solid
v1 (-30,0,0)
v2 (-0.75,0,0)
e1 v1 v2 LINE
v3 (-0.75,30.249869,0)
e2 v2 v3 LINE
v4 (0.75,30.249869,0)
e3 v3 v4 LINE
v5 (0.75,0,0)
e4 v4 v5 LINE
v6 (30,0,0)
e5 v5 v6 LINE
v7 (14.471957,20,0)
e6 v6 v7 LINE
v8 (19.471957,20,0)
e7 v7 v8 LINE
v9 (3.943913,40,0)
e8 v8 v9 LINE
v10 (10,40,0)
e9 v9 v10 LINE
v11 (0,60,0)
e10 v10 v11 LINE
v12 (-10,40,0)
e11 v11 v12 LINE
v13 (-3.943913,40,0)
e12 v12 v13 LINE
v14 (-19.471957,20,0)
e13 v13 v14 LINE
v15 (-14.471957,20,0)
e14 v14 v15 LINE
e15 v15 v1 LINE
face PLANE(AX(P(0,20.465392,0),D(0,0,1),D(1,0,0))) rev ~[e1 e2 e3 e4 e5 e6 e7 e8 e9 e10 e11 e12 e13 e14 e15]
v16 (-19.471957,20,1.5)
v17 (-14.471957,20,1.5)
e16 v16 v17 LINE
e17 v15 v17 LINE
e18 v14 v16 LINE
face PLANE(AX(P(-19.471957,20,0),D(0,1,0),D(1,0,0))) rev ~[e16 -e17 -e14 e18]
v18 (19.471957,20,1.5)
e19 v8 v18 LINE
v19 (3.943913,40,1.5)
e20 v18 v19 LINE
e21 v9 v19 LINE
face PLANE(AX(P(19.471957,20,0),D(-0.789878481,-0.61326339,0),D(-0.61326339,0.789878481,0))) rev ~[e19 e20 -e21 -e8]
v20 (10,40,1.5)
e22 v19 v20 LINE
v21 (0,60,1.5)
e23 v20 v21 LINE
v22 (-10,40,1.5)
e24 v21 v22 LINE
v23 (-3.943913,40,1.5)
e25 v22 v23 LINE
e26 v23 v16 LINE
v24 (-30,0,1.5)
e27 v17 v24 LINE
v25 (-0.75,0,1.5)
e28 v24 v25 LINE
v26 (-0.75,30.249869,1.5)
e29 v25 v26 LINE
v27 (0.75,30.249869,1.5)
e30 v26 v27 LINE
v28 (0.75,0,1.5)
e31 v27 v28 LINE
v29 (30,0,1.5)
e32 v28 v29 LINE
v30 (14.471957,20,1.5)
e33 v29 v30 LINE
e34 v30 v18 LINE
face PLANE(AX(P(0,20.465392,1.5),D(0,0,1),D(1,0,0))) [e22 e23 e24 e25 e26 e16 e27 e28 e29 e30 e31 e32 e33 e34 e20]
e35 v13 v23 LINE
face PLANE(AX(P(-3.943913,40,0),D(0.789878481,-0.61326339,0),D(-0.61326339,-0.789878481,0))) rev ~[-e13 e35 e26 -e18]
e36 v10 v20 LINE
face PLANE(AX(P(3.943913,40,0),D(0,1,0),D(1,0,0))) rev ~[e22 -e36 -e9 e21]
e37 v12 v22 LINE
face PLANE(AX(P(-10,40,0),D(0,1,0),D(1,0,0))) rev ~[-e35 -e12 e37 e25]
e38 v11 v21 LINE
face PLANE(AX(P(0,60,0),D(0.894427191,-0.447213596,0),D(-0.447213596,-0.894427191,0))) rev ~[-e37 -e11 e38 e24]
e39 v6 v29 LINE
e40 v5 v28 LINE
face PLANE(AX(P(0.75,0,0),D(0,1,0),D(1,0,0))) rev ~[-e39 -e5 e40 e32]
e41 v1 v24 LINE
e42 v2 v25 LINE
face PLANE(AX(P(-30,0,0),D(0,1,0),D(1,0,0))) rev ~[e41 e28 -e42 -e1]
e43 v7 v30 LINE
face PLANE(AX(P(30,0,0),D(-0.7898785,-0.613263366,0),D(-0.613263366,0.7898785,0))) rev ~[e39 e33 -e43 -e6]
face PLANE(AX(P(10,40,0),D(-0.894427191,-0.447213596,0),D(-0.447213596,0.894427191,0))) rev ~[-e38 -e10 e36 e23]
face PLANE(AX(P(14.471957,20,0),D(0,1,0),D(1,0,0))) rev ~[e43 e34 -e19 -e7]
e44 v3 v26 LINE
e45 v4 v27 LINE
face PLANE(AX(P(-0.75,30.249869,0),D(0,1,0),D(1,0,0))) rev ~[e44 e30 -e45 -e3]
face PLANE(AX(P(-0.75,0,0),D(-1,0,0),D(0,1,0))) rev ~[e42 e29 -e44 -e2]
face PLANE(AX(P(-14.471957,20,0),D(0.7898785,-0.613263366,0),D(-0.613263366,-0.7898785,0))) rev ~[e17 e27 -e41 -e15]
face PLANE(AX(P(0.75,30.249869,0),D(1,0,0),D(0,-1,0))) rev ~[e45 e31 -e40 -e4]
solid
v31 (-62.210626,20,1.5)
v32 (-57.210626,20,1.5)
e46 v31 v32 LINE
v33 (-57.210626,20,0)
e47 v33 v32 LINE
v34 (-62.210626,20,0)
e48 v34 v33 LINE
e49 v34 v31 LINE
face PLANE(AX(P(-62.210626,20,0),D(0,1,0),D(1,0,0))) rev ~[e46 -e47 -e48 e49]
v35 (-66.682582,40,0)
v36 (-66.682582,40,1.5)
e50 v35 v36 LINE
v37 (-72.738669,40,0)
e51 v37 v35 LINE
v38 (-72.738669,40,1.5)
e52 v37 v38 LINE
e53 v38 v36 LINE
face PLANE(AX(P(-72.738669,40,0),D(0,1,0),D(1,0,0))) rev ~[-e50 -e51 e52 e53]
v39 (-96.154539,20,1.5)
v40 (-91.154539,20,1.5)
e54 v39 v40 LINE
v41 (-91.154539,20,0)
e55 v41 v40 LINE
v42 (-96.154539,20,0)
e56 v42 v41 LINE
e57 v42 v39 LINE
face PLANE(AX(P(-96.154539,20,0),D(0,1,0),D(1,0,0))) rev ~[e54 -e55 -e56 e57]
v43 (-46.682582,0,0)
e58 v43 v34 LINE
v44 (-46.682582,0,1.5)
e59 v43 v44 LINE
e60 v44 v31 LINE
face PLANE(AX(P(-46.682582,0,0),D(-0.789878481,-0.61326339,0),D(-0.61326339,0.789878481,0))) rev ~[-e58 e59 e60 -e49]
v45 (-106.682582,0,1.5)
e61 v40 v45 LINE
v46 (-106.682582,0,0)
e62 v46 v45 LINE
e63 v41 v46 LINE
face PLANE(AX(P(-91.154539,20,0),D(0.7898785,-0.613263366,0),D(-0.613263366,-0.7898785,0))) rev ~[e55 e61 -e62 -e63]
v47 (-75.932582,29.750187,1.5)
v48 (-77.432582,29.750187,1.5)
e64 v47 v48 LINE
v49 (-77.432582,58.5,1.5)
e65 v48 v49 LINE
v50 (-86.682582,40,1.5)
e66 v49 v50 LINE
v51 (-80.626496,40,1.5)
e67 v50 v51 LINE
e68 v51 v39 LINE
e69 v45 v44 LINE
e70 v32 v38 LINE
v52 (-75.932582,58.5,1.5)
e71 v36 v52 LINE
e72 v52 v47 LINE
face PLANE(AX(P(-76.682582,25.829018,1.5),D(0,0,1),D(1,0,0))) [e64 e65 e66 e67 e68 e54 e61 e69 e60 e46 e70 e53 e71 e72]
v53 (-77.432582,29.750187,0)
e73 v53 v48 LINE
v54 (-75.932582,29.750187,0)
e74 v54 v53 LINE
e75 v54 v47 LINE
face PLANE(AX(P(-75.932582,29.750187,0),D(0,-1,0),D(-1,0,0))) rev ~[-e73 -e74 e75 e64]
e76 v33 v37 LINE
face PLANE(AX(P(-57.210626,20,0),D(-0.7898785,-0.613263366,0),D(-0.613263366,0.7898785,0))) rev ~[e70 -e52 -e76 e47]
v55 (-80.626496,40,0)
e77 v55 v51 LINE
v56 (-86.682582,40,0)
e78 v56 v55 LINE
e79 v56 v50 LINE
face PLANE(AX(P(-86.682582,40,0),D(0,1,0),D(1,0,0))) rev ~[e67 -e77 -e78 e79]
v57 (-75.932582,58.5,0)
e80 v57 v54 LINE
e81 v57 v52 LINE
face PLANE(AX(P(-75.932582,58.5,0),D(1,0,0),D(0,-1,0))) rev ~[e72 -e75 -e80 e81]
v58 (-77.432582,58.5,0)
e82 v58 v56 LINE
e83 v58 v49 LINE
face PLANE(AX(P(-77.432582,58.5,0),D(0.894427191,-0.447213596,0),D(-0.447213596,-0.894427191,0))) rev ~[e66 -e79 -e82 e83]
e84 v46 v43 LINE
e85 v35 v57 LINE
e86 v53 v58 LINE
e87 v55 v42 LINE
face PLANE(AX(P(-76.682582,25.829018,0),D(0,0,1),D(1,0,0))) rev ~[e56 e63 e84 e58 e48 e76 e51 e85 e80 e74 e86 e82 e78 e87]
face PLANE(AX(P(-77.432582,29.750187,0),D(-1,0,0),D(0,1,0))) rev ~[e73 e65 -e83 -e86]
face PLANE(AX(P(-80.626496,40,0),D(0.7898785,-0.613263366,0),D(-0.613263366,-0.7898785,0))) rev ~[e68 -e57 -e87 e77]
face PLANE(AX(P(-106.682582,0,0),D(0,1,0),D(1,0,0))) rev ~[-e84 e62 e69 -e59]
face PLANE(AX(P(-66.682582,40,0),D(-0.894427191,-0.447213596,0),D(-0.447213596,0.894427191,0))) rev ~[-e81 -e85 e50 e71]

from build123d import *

# Parameters (mm, degrees)
F1_DEPTH = 1.5


with BuildPart() as f1:
    # F0 (on Top) → F1 (new body)
    with BuildSketch(Plane.XY):
        Polygon((-57.210626, 20), (-72.738669, 40), (-66.682582, 40), (-75.932582, 58.5), (-75.932582, 30), (-75.932582, 29.750187), (-77.432582, 29.750187), (-77.432582, 30), (-77.432582, 58.5), (-86.682582, 40), (-80.626496, 40), (-96.154539, 20), (-91.154539, 20), (-106.682582, 0), (-76.682582, 0), (-46.682582, 0), (-62.210626, 20), align=None)
        Polygon((0.75, 0), (30, 0), (14.471957, 20), (19.471957, 20), (3.943913, 40), (10, 40), (0, 60), (-10, 40), (-3.943913, 40), (-19.471957, 20), (-14.471957, 20), (-30, 0), (-0.75, 0), (-0.75, 30.249869), (0.75, 30.249869), align=None)
    extrude(amount=F1_DEPTH)


solid = f1.part
